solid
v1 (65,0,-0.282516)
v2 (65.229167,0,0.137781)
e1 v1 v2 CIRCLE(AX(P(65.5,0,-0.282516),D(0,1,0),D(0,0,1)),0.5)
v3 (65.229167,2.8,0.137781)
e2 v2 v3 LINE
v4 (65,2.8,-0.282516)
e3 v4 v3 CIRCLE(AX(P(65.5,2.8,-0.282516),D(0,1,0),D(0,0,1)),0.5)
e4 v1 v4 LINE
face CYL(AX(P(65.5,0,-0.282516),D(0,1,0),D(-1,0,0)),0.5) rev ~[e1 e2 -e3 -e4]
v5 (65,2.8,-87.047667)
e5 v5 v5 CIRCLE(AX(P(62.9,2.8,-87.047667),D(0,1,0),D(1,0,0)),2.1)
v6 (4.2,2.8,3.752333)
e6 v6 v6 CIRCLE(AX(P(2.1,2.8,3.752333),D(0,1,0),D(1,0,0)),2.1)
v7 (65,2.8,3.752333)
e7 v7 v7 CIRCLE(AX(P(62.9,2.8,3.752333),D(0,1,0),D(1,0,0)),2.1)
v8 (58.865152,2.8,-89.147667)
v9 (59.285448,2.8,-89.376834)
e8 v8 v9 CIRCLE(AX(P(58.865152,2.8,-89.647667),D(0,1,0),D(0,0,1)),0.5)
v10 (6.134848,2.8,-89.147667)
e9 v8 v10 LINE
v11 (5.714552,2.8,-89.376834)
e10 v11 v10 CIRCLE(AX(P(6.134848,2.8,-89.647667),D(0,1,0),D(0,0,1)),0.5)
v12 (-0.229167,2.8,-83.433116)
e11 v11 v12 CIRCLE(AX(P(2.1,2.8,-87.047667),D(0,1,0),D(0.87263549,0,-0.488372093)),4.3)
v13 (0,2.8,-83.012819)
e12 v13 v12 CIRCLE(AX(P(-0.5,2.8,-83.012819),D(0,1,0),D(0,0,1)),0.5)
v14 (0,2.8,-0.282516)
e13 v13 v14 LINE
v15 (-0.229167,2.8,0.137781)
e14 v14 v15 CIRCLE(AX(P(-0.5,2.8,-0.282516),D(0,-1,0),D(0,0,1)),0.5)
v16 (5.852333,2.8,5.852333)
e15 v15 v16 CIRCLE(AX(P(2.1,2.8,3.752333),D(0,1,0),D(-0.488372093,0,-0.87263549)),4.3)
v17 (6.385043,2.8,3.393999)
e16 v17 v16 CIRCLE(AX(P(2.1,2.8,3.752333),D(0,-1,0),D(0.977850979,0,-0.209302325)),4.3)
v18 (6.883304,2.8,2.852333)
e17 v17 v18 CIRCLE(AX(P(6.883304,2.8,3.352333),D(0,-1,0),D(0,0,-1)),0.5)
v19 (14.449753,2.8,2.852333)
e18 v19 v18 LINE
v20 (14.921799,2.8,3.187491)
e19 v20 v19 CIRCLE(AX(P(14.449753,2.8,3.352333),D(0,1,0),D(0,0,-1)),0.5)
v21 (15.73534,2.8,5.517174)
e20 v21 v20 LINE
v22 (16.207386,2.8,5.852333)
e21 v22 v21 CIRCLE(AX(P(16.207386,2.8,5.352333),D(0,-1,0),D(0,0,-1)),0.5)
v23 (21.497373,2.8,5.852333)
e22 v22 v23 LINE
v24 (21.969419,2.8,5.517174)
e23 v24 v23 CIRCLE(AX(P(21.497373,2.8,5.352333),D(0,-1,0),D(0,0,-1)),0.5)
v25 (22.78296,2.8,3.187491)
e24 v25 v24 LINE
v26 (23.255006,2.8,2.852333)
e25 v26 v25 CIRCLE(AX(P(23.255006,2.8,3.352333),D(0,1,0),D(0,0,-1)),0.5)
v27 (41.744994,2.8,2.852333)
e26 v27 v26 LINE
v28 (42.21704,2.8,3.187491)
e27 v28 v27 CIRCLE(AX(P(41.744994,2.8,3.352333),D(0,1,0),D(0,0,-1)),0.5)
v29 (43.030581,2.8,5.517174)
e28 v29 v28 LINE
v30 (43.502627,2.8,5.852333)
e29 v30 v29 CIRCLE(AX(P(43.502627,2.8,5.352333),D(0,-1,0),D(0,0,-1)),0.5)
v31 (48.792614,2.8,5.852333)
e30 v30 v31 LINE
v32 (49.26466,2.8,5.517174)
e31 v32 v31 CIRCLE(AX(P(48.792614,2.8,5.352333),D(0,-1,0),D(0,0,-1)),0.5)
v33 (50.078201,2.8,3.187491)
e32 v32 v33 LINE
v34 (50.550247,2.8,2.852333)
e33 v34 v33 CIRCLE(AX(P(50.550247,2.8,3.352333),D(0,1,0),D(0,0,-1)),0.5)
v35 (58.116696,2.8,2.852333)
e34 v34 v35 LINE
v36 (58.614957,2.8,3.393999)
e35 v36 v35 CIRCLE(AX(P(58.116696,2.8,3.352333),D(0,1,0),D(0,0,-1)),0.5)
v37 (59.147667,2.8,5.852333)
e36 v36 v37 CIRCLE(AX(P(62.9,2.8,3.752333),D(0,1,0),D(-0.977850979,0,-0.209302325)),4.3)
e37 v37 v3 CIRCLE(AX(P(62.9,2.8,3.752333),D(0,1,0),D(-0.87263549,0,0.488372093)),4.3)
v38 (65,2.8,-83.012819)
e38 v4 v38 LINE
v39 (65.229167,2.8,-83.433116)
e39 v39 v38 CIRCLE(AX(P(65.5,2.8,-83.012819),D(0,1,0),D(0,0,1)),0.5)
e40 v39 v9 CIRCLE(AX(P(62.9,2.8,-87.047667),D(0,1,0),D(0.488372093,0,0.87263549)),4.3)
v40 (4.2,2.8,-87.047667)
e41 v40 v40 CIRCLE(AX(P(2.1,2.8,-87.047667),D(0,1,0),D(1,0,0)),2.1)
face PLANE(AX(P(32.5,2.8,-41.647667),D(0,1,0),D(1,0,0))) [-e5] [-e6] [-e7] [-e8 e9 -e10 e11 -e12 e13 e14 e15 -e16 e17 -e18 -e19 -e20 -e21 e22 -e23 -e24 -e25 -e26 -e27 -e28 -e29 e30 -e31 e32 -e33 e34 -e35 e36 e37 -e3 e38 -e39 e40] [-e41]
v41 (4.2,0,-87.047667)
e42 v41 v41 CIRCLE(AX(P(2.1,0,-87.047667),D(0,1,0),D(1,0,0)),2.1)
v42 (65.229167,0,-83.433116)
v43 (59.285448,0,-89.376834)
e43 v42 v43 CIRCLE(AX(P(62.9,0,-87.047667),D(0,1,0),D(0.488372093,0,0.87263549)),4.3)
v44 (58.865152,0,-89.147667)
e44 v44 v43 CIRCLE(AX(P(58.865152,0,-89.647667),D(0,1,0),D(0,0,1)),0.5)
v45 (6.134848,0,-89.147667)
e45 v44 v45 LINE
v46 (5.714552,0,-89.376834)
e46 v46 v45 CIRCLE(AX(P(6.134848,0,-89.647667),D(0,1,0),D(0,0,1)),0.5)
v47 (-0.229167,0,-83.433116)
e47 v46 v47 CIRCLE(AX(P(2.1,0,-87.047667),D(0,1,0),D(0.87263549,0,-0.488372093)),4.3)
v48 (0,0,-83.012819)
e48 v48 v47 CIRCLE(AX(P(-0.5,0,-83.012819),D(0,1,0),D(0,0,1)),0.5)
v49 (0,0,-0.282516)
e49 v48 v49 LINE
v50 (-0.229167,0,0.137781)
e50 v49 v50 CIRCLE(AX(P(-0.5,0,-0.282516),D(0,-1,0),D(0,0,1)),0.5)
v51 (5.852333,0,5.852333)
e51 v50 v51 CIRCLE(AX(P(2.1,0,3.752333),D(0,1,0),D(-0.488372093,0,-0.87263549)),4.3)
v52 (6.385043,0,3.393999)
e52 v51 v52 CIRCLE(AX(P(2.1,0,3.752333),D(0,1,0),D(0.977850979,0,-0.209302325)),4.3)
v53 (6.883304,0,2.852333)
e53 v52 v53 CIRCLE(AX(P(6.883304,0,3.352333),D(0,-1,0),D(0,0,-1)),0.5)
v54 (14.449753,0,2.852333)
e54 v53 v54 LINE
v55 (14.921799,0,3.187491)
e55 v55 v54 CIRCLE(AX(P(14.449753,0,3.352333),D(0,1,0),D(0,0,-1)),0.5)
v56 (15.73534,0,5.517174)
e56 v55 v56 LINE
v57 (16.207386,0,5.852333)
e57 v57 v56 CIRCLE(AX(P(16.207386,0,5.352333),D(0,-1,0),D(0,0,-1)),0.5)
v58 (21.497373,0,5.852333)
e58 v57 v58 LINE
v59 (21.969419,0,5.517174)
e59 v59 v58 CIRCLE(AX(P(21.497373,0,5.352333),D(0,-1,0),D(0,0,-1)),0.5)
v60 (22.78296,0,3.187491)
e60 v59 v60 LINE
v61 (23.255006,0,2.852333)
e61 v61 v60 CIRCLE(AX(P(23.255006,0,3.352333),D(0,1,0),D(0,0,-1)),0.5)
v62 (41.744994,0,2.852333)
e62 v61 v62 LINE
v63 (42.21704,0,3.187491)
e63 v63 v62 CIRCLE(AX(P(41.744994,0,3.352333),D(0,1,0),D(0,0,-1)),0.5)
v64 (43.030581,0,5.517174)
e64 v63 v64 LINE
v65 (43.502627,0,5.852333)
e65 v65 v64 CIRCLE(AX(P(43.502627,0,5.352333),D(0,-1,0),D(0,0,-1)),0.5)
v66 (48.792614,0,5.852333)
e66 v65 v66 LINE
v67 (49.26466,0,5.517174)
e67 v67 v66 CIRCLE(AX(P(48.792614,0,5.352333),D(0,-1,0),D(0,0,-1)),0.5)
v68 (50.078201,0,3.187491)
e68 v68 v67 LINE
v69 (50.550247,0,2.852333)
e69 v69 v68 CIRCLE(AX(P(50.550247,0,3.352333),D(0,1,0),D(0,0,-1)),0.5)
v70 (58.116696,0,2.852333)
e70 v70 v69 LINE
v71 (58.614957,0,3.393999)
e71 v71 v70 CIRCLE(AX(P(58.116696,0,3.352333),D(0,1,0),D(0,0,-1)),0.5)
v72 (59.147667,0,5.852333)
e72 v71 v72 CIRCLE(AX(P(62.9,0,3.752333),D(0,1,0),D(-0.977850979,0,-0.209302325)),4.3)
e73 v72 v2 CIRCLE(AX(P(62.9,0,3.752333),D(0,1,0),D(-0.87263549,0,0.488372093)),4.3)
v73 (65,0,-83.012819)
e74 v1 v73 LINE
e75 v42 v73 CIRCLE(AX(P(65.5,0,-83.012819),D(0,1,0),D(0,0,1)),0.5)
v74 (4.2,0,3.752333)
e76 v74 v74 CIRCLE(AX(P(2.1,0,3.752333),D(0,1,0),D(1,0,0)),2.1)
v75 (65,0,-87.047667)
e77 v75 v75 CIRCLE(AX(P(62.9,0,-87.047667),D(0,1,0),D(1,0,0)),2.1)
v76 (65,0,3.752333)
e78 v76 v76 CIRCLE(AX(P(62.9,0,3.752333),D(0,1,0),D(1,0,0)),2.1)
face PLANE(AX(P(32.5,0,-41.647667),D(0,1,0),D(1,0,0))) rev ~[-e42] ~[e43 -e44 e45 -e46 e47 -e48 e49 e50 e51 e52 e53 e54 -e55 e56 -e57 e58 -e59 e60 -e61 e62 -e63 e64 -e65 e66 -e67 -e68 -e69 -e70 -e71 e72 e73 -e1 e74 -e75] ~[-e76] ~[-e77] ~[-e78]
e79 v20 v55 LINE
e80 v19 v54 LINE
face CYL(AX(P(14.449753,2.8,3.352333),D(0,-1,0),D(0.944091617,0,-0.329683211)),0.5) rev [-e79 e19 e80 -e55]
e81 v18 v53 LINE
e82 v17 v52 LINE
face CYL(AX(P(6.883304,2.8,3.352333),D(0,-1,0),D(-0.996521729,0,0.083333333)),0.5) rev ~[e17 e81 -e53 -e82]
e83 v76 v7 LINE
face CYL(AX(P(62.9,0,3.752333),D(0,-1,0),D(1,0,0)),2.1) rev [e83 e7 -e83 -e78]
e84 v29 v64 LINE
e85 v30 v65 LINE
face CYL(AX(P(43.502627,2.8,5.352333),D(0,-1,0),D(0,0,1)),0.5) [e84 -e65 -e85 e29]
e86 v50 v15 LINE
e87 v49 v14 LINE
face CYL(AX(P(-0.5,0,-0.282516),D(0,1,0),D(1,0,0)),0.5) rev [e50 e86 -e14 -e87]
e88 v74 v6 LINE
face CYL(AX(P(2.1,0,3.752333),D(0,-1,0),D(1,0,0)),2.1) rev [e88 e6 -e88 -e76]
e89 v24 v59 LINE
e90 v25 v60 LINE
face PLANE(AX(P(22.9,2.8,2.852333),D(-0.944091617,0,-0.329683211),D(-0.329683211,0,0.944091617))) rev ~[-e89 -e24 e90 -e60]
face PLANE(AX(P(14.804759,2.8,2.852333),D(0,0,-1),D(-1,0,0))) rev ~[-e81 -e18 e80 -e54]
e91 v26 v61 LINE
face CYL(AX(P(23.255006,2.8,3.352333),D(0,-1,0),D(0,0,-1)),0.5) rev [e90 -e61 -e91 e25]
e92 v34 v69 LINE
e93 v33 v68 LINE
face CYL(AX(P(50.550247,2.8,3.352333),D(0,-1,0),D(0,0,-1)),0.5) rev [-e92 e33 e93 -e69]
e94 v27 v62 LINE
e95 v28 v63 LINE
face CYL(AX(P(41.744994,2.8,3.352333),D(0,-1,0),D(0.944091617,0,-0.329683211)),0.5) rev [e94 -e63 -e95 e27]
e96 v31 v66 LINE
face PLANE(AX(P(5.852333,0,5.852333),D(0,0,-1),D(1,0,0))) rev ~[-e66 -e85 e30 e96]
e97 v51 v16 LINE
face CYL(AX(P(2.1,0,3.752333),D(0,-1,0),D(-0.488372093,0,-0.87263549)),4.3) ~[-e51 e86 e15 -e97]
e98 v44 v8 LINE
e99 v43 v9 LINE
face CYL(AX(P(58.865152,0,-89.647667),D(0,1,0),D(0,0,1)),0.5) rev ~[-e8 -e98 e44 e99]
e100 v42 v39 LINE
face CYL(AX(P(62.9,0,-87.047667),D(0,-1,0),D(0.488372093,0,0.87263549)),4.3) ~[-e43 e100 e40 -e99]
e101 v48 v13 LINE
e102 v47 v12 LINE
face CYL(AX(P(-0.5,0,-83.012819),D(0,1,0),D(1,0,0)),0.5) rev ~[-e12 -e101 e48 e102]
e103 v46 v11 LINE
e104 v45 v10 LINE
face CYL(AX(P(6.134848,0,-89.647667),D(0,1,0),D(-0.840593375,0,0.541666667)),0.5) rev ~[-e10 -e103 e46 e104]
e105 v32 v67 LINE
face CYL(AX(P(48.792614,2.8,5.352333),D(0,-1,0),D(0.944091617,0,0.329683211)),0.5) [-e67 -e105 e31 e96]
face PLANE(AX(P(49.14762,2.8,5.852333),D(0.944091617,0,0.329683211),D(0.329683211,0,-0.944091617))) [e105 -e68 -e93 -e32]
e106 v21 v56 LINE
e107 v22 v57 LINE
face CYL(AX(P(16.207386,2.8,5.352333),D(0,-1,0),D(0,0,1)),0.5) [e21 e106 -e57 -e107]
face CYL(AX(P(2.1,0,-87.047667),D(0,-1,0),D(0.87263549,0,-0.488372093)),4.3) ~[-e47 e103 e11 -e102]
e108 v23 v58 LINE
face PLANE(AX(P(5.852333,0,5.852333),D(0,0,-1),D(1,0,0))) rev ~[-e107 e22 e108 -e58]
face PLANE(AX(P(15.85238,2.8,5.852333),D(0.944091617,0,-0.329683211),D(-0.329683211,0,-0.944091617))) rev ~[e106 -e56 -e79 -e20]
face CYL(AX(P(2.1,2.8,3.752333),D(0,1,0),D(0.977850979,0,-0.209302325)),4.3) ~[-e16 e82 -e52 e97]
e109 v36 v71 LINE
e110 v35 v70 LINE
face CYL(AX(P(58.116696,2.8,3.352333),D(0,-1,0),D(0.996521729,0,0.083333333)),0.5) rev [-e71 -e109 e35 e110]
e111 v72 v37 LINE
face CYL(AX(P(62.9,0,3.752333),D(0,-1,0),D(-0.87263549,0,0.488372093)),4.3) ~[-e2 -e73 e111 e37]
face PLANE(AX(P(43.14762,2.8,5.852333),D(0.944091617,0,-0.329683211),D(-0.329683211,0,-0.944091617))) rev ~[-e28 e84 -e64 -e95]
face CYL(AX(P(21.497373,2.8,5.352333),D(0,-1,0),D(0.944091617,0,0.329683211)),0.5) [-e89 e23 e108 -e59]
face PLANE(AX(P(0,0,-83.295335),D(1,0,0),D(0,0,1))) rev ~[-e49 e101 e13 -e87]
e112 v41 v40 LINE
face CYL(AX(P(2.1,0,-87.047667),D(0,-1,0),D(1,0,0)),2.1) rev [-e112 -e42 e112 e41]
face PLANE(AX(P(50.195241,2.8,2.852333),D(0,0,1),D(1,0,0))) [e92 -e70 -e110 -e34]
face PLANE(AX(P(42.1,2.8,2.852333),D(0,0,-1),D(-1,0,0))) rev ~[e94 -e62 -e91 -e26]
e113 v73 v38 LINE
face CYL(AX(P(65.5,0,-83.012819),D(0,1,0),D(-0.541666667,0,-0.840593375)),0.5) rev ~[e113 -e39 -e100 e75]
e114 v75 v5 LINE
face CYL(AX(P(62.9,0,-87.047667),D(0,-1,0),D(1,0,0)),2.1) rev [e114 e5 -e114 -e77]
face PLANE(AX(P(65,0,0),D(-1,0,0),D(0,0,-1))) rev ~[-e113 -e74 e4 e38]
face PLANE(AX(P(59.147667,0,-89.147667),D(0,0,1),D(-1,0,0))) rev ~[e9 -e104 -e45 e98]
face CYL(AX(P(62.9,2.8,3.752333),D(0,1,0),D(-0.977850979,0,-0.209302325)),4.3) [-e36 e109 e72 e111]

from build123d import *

# Parameters (mm, degrees)
SKETCH1_R           = 2.1
BOSS_EXTRUDE1_DEPTH = 2.8
CUT_EXTRUDE1_REACH  = 4.8
FILLET1_R           = 0.5


with BuildPart() as part:
    # Sketch1 → Boss-Extrude1 (new body)
    with BuildSketch(Plane(origin=(0, 0, 0), x_dir=(1, 0, 0), z_dir=(0, 1, 0))):
        with BuildLine():
            Line((0, 83.295334784), (0, 0))
            ThreePointArc((0, 0), (-0.940559159, -6.792891767), (5.852332608, -5.852332608))
            Line((5.852332608, -5.852332608), (59.147667392, -5.852332608))
            ThreePointArc((59.147667392, -5.852332608), (65.940559159, -6.792891767), (65, 0))
            Line((65, 0), (65, 83.295334784))
            ThreePointArc((65, 83.295334784), (65.940559159, 90.088226551), (59.147667392, 89.147667392))
            Line((59.147667392, 89.147667392), (5.852332608, 89.147667392))
            ThreePointArc((5.852332608, 89.147667392), (-0.940559159, 90.088226551), (0, 83.295334784))
        make_face()
        with Locations((2.1, 87.047667392)):
            Circle(SKETCH1_R, mode=Mode.SUBTRACT)
        with Locations((2.1, -3.752332608)):
            Circle(SKETCH1_R, mode=Mode.SUBTRACT)
        with Locations((62.9, -3.752332608)):
            Circle(SKETCH1_R, mode=Mode.SUBTRACT)
        with Locations((62.9, 87.047667392)):
            Circle(SKETCH1_R, mode=Mode.SUBTRACT)
    extrude(amount=BOSS_EXTRUDE1_DEPTH)

    # Sketch2 → Cut-Extrude1 (cut, up to next)
    with BuildSketch(Plane(origin=(0, 2.8, 0), x_dir=(1, 0, 0), z_dir=(0, 1, 0)), mode=Mode.PRIVATE) as cut_extrude1_sk1:
        Polygon((22.9, -2.852332608), (21.852379604, -5.852332608), (43.147620396, -5.852332608), (42.1, -2.852332608), align=None)
    cut_extrude1_tool1 = extrude(cut_extrude1_sk1.sketch, amount=-CUT_EXTRUDE1_REACH, mode=Mode.PRIVATE) & part.part
    add(cut_extrude1_tool1.solids().sort_by_distance((32.5, 2.8, 4.378203))[0], mode=Mode.SUBTRACT)
    # Sketch2 → Cut-Extrude1 (cut, up to next)
    with BuildSketch(Plane(origin=(0, 2.8, 0), x_dir=(1, 0, 0), z_dir=(0, 1, 0)), mode=Mode.PRIVATE) as cut_extrude1_sk2:
        with BuildLine():
            Line((15.852379604, -5.852332608), (14.804759208, -2.852332608))
            Line((14.804759208, -2.852332608), (6.304759208, -2.852332608))
            ThreePointArc((6.304759208, -2.852332608), (6.351920453, -4.393559913), (5.852332608, -5.852332608))
            Line((5.852332608, -5.852332608), (15.852379604, -5.852332608))
        make_face()
    cut_extrude1_tool2 = extrude(cut_extrude1_sk2.sketch, amount=-CUT_EXTRUDE1_REACH, mode=Mode.PRIVATE) & part.part
    add(cut_extrude1_tool2.solids().sort_by_distance((10.801148, 2.8, 4.393371))[0], mode=Mode.SUBTRACT)
    # Sketch2 → Cut-Extrude1 (cut, up to next)
    with BuildSketch(Plane(origin=(0, 2.8, 0), x_dir=(1, 0, 0), z_dir=(0, 1, 0)), mode=Mode.PRIVATE) as cut_extrude1_sk3:
        with BuildLine():
            Line((59.147667392, -5.852332608), (49.147620396, -5.852332608))
            Line((49.147620396, -5.852332608), (50.195240792, -2.852332608))
            Line((50.195240792, -2.852332608), (58.695240792, -2.852332608))
            ThreePointArc((58.695240792, -2.852332608), (58.648079547, -4.393559913), (59.147667392, -5.852332608))
        make_face()
    cut_extrude1_tool3 = extrude(cut_extrude1_sk3.sketch, amount=-CUT_EXTRUDE1_REACH, mode=Mode.PRIVATE) & part.part
    add(cut_extrude1_tool3.solids().sort_by_distance((54.198852, 2.8, 4.393371))[0], mode=Mode.SUBTRACT)

    # Fillet1
    fillet1_edges = [part.edges().sort_by_distance(p)[0] for p in [
        (5.852332608, 1.4, -89.147667392),
        (59.147667392, 1.4, -89.147667392),
        (65, 1.4, -83.295334784),
        (65, 1.4, 0),
        (0, 1.4, 0),
        (0, 1.4, -83.295334784),
        (58.695240792, 1.4, 2.852332608),
        (49.147620396, 1.4, 5.852332608),
        (50.195240792, 1.4, 2.852332608),
        (15.852379604, 1.4, 5.852332608),
        (6.304759208, 1.4, 2.852332608),
        (14.804759208, 1.4, 2.852332608),
        (22.9, 1.4, 2.852332608),
        (42.1, 1.4, 2.852332608),
        (43.147620396, 1.4, 5.852332608),
        (21.852379604, 1.4, 5.852332608),
    ]]
    fillet(fillet1_edges, radius=FILLET1_R)


solid = part.part
